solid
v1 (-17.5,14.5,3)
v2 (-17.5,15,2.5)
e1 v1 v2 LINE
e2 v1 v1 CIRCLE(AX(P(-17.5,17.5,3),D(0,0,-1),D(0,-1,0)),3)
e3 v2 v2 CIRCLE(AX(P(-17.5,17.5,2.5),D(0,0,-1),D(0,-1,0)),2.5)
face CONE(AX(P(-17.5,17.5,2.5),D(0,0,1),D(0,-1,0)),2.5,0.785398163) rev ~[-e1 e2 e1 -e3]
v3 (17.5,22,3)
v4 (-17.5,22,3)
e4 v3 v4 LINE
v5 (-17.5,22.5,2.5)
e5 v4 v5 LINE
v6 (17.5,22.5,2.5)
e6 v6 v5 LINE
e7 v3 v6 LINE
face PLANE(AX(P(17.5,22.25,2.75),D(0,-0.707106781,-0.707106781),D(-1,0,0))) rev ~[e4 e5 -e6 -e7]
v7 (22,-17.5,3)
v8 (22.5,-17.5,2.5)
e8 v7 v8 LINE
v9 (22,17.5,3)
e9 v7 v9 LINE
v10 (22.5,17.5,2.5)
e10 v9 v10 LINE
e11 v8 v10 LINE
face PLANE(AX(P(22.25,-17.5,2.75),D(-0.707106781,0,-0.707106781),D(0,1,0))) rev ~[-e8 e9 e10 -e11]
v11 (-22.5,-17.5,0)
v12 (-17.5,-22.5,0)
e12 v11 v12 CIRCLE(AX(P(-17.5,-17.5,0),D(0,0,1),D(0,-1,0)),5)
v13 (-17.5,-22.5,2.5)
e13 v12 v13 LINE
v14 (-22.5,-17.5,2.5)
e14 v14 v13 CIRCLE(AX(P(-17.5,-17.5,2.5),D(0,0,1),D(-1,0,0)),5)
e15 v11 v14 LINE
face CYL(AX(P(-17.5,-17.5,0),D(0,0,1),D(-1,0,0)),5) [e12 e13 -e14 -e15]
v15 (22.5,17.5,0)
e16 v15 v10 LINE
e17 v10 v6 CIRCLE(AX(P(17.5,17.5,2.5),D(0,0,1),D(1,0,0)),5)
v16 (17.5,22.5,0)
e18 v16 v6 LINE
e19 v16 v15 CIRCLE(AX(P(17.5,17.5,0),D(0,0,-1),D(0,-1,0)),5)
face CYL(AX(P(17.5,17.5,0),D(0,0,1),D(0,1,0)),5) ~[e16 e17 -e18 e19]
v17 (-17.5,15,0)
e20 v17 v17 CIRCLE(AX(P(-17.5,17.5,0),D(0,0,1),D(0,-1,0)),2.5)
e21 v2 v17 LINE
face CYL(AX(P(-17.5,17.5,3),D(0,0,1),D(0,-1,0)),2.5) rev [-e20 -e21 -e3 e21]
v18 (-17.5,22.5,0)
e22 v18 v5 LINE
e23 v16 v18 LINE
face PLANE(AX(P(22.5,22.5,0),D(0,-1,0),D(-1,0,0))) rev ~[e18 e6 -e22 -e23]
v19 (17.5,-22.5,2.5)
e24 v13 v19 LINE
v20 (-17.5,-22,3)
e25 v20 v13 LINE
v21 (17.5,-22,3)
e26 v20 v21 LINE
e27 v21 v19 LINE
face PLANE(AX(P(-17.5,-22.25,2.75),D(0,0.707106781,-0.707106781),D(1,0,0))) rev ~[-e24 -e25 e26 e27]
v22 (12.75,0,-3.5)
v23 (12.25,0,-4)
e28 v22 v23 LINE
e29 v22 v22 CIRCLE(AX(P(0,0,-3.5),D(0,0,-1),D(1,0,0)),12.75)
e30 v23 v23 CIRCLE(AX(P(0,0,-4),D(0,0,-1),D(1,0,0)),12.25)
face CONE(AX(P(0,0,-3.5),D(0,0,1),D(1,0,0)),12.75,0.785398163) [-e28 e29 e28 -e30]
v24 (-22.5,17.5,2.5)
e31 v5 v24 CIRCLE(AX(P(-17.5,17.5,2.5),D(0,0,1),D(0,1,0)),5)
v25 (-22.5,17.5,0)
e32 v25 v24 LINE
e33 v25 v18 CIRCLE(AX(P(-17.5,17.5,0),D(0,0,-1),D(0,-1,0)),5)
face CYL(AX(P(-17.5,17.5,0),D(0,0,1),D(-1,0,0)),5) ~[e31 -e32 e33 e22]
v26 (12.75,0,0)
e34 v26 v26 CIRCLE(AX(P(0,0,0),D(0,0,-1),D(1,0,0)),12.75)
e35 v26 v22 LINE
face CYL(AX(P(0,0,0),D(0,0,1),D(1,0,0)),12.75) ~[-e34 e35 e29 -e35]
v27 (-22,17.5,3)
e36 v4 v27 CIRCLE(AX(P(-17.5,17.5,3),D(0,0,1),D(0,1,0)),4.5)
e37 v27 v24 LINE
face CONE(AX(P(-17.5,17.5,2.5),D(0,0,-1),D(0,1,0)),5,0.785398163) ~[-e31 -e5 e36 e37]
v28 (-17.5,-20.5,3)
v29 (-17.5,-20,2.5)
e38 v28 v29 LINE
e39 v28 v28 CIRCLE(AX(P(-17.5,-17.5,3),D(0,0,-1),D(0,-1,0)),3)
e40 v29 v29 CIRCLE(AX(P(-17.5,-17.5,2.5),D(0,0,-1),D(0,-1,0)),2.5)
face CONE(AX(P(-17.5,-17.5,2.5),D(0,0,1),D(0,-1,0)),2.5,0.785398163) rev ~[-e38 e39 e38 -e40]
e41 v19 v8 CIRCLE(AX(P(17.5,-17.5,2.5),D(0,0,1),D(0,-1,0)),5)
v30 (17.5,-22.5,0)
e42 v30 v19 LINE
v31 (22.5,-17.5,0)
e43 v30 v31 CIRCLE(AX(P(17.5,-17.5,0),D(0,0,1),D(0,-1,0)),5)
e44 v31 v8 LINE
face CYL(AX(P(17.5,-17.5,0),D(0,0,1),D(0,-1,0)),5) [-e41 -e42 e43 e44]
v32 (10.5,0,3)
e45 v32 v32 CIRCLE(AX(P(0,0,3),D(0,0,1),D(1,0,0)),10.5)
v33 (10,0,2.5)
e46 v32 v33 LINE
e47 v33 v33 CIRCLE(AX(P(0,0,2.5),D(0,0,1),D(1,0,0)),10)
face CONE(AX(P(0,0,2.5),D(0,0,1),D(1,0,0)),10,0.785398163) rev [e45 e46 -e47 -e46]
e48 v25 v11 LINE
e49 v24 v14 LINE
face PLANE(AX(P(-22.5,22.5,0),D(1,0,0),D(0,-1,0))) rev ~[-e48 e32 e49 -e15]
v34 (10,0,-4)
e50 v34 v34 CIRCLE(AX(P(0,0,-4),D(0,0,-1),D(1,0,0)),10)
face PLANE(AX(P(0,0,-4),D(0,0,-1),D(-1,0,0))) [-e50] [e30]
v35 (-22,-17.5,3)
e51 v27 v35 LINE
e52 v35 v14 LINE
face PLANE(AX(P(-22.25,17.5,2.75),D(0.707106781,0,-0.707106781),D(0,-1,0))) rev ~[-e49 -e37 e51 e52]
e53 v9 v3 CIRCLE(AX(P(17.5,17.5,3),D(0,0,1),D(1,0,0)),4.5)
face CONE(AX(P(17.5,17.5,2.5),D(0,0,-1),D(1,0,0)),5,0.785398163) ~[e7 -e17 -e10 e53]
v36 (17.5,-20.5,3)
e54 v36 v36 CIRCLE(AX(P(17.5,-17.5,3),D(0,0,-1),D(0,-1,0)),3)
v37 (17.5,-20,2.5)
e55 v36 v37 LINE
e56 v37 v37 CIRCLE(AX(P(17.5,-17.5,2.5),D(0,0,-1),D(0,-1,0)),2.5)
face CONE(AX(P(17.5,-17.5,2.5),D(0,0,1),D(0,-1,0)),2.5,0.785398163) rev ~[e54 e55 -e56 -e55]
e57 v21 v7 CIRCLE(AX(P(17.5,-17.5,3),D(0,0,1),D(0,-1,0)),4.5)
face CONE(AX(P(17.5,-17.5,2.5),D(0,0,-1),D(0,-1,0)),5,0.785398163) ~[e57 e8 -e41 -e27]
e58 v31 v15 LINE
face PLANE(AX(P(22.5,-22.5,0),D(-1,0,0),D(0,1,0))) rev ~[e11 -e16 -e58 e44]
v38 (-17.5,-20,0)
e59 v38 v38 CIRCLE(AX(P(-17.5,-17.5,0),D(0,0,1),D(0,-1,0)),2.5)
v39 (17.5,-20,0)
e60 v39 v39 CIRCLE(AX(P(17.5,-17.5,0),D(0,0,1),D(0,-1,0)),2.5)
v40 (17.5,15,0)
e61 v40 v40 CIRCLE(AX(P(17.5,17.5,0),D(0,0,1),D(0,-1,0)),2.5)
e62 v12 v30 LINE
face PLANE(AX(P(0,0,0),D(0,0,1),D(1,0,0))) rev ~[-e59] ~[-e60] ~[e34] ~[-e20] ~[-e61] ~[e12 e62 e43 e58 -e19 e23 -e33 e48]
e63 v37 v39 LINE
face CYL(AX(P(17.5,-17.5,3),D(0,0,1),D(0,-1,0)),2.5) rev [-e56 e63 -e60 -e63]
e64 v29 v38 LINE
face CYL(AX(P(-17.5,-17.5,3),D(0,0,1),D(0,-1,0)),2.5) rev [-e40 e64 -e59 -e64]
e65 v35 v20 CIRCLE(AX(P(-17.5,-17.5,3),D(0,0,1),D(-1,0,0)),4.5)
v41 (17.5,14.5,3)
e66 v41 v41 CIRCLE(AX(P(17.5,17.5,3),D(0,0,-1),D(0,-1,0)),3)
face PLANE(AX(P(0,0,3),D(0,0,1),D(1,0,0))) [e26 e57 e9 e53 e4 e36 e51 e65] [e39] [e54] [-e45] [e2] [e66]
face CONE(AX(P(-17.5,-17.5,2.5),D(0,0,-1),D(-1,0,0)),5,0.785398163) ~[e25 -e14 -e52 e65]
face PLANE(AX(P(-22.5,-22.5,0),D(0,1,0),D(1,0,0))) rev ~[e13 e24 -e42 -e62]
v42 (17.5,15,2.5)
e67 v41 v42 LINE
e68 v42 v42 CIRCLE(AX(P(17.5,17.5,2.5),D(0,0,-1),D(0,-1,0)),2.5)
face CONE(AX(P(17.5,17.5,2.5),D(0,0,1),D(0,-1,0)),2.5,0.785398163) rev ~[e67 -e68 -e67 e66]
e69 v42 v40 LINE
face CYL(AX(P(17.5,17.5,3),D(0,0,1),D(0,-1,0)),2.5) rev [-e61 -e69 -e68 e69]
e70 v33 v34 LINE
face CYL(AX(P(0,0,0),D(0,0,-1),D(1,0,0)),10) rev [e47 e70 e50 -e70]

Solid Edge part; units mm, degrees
sketch "Sketch1" plane through (0, 0, 0) normal (0, 0, 1) x (1, 0, 0)
  line L0 (-22.5, 22.5) -> (-22.5, -22.5)
  line L1 (-22.5, -22.5) -> (22.5, -22.5)
  line L2 (22.5, -22.5) -> (22.5, 22.5)
  line L3 (22.5, 22.5) -> (-22.5, 22.5)
  circle A0 centre (0, 0) radius 10
extrude "Extrusionsausprägung_22" add sketch "Sketch1" along normal blind 3
sketch "Sketch2" plane through (0, 0, 0) normal (0, 0, -1) x (1, 0, 0)
  circle A0 centre (0, 0) radius 12.75
  circle A1 centre (0, 0) radius 10
extrude "Extrusionsausprägung_23" add sketch "Sketch2" along normal blind 4
hole "Bohrung_12" at (17.5, -17.5, 3) direction (0, 0, -1) diameter 5 end up to next
hole "Hole1" at (-17.5, -17.5, 3) direction (0, 0, -1) diameter 5 end up to next
hole "Hole2" at (-17.5, 17.5, 3) direction (0, 0, -1) diameter 5 end up to next
hole "Hole3" at (17.5, 17.5, 3) direction (0, 0, -1) diameter 5 end up to next
fillet "Verrundung_18" radius 5 4 edges at (-22.5, -22.5, 1.5) (22.5, -22.5, 1.5) (-22.5, 22.5, 1.5) (22.5, 22.5, 1.5)
chamfer "Fase_11" distance 0.5 angle 45 13 edges at (20, 17.5, 3) (-15, 17.5, 3) (-15, -17.5, 3) (20, -17.5, 3) (-10, 0, 3) (22.5, 0, 3) (21.0355, 21.0355, 3) (0, 22.5, 3) (-21.0355, 21.0355, 3) (-22.5, 0, 3) (-21.0355, -21.0355, 3) (0, -22.5, 3) (21.0355, -21.0355, 3)
chamfer "Fase_12" distance 0.5 angle 45 1 edges at (-12.75, 0, -4)
